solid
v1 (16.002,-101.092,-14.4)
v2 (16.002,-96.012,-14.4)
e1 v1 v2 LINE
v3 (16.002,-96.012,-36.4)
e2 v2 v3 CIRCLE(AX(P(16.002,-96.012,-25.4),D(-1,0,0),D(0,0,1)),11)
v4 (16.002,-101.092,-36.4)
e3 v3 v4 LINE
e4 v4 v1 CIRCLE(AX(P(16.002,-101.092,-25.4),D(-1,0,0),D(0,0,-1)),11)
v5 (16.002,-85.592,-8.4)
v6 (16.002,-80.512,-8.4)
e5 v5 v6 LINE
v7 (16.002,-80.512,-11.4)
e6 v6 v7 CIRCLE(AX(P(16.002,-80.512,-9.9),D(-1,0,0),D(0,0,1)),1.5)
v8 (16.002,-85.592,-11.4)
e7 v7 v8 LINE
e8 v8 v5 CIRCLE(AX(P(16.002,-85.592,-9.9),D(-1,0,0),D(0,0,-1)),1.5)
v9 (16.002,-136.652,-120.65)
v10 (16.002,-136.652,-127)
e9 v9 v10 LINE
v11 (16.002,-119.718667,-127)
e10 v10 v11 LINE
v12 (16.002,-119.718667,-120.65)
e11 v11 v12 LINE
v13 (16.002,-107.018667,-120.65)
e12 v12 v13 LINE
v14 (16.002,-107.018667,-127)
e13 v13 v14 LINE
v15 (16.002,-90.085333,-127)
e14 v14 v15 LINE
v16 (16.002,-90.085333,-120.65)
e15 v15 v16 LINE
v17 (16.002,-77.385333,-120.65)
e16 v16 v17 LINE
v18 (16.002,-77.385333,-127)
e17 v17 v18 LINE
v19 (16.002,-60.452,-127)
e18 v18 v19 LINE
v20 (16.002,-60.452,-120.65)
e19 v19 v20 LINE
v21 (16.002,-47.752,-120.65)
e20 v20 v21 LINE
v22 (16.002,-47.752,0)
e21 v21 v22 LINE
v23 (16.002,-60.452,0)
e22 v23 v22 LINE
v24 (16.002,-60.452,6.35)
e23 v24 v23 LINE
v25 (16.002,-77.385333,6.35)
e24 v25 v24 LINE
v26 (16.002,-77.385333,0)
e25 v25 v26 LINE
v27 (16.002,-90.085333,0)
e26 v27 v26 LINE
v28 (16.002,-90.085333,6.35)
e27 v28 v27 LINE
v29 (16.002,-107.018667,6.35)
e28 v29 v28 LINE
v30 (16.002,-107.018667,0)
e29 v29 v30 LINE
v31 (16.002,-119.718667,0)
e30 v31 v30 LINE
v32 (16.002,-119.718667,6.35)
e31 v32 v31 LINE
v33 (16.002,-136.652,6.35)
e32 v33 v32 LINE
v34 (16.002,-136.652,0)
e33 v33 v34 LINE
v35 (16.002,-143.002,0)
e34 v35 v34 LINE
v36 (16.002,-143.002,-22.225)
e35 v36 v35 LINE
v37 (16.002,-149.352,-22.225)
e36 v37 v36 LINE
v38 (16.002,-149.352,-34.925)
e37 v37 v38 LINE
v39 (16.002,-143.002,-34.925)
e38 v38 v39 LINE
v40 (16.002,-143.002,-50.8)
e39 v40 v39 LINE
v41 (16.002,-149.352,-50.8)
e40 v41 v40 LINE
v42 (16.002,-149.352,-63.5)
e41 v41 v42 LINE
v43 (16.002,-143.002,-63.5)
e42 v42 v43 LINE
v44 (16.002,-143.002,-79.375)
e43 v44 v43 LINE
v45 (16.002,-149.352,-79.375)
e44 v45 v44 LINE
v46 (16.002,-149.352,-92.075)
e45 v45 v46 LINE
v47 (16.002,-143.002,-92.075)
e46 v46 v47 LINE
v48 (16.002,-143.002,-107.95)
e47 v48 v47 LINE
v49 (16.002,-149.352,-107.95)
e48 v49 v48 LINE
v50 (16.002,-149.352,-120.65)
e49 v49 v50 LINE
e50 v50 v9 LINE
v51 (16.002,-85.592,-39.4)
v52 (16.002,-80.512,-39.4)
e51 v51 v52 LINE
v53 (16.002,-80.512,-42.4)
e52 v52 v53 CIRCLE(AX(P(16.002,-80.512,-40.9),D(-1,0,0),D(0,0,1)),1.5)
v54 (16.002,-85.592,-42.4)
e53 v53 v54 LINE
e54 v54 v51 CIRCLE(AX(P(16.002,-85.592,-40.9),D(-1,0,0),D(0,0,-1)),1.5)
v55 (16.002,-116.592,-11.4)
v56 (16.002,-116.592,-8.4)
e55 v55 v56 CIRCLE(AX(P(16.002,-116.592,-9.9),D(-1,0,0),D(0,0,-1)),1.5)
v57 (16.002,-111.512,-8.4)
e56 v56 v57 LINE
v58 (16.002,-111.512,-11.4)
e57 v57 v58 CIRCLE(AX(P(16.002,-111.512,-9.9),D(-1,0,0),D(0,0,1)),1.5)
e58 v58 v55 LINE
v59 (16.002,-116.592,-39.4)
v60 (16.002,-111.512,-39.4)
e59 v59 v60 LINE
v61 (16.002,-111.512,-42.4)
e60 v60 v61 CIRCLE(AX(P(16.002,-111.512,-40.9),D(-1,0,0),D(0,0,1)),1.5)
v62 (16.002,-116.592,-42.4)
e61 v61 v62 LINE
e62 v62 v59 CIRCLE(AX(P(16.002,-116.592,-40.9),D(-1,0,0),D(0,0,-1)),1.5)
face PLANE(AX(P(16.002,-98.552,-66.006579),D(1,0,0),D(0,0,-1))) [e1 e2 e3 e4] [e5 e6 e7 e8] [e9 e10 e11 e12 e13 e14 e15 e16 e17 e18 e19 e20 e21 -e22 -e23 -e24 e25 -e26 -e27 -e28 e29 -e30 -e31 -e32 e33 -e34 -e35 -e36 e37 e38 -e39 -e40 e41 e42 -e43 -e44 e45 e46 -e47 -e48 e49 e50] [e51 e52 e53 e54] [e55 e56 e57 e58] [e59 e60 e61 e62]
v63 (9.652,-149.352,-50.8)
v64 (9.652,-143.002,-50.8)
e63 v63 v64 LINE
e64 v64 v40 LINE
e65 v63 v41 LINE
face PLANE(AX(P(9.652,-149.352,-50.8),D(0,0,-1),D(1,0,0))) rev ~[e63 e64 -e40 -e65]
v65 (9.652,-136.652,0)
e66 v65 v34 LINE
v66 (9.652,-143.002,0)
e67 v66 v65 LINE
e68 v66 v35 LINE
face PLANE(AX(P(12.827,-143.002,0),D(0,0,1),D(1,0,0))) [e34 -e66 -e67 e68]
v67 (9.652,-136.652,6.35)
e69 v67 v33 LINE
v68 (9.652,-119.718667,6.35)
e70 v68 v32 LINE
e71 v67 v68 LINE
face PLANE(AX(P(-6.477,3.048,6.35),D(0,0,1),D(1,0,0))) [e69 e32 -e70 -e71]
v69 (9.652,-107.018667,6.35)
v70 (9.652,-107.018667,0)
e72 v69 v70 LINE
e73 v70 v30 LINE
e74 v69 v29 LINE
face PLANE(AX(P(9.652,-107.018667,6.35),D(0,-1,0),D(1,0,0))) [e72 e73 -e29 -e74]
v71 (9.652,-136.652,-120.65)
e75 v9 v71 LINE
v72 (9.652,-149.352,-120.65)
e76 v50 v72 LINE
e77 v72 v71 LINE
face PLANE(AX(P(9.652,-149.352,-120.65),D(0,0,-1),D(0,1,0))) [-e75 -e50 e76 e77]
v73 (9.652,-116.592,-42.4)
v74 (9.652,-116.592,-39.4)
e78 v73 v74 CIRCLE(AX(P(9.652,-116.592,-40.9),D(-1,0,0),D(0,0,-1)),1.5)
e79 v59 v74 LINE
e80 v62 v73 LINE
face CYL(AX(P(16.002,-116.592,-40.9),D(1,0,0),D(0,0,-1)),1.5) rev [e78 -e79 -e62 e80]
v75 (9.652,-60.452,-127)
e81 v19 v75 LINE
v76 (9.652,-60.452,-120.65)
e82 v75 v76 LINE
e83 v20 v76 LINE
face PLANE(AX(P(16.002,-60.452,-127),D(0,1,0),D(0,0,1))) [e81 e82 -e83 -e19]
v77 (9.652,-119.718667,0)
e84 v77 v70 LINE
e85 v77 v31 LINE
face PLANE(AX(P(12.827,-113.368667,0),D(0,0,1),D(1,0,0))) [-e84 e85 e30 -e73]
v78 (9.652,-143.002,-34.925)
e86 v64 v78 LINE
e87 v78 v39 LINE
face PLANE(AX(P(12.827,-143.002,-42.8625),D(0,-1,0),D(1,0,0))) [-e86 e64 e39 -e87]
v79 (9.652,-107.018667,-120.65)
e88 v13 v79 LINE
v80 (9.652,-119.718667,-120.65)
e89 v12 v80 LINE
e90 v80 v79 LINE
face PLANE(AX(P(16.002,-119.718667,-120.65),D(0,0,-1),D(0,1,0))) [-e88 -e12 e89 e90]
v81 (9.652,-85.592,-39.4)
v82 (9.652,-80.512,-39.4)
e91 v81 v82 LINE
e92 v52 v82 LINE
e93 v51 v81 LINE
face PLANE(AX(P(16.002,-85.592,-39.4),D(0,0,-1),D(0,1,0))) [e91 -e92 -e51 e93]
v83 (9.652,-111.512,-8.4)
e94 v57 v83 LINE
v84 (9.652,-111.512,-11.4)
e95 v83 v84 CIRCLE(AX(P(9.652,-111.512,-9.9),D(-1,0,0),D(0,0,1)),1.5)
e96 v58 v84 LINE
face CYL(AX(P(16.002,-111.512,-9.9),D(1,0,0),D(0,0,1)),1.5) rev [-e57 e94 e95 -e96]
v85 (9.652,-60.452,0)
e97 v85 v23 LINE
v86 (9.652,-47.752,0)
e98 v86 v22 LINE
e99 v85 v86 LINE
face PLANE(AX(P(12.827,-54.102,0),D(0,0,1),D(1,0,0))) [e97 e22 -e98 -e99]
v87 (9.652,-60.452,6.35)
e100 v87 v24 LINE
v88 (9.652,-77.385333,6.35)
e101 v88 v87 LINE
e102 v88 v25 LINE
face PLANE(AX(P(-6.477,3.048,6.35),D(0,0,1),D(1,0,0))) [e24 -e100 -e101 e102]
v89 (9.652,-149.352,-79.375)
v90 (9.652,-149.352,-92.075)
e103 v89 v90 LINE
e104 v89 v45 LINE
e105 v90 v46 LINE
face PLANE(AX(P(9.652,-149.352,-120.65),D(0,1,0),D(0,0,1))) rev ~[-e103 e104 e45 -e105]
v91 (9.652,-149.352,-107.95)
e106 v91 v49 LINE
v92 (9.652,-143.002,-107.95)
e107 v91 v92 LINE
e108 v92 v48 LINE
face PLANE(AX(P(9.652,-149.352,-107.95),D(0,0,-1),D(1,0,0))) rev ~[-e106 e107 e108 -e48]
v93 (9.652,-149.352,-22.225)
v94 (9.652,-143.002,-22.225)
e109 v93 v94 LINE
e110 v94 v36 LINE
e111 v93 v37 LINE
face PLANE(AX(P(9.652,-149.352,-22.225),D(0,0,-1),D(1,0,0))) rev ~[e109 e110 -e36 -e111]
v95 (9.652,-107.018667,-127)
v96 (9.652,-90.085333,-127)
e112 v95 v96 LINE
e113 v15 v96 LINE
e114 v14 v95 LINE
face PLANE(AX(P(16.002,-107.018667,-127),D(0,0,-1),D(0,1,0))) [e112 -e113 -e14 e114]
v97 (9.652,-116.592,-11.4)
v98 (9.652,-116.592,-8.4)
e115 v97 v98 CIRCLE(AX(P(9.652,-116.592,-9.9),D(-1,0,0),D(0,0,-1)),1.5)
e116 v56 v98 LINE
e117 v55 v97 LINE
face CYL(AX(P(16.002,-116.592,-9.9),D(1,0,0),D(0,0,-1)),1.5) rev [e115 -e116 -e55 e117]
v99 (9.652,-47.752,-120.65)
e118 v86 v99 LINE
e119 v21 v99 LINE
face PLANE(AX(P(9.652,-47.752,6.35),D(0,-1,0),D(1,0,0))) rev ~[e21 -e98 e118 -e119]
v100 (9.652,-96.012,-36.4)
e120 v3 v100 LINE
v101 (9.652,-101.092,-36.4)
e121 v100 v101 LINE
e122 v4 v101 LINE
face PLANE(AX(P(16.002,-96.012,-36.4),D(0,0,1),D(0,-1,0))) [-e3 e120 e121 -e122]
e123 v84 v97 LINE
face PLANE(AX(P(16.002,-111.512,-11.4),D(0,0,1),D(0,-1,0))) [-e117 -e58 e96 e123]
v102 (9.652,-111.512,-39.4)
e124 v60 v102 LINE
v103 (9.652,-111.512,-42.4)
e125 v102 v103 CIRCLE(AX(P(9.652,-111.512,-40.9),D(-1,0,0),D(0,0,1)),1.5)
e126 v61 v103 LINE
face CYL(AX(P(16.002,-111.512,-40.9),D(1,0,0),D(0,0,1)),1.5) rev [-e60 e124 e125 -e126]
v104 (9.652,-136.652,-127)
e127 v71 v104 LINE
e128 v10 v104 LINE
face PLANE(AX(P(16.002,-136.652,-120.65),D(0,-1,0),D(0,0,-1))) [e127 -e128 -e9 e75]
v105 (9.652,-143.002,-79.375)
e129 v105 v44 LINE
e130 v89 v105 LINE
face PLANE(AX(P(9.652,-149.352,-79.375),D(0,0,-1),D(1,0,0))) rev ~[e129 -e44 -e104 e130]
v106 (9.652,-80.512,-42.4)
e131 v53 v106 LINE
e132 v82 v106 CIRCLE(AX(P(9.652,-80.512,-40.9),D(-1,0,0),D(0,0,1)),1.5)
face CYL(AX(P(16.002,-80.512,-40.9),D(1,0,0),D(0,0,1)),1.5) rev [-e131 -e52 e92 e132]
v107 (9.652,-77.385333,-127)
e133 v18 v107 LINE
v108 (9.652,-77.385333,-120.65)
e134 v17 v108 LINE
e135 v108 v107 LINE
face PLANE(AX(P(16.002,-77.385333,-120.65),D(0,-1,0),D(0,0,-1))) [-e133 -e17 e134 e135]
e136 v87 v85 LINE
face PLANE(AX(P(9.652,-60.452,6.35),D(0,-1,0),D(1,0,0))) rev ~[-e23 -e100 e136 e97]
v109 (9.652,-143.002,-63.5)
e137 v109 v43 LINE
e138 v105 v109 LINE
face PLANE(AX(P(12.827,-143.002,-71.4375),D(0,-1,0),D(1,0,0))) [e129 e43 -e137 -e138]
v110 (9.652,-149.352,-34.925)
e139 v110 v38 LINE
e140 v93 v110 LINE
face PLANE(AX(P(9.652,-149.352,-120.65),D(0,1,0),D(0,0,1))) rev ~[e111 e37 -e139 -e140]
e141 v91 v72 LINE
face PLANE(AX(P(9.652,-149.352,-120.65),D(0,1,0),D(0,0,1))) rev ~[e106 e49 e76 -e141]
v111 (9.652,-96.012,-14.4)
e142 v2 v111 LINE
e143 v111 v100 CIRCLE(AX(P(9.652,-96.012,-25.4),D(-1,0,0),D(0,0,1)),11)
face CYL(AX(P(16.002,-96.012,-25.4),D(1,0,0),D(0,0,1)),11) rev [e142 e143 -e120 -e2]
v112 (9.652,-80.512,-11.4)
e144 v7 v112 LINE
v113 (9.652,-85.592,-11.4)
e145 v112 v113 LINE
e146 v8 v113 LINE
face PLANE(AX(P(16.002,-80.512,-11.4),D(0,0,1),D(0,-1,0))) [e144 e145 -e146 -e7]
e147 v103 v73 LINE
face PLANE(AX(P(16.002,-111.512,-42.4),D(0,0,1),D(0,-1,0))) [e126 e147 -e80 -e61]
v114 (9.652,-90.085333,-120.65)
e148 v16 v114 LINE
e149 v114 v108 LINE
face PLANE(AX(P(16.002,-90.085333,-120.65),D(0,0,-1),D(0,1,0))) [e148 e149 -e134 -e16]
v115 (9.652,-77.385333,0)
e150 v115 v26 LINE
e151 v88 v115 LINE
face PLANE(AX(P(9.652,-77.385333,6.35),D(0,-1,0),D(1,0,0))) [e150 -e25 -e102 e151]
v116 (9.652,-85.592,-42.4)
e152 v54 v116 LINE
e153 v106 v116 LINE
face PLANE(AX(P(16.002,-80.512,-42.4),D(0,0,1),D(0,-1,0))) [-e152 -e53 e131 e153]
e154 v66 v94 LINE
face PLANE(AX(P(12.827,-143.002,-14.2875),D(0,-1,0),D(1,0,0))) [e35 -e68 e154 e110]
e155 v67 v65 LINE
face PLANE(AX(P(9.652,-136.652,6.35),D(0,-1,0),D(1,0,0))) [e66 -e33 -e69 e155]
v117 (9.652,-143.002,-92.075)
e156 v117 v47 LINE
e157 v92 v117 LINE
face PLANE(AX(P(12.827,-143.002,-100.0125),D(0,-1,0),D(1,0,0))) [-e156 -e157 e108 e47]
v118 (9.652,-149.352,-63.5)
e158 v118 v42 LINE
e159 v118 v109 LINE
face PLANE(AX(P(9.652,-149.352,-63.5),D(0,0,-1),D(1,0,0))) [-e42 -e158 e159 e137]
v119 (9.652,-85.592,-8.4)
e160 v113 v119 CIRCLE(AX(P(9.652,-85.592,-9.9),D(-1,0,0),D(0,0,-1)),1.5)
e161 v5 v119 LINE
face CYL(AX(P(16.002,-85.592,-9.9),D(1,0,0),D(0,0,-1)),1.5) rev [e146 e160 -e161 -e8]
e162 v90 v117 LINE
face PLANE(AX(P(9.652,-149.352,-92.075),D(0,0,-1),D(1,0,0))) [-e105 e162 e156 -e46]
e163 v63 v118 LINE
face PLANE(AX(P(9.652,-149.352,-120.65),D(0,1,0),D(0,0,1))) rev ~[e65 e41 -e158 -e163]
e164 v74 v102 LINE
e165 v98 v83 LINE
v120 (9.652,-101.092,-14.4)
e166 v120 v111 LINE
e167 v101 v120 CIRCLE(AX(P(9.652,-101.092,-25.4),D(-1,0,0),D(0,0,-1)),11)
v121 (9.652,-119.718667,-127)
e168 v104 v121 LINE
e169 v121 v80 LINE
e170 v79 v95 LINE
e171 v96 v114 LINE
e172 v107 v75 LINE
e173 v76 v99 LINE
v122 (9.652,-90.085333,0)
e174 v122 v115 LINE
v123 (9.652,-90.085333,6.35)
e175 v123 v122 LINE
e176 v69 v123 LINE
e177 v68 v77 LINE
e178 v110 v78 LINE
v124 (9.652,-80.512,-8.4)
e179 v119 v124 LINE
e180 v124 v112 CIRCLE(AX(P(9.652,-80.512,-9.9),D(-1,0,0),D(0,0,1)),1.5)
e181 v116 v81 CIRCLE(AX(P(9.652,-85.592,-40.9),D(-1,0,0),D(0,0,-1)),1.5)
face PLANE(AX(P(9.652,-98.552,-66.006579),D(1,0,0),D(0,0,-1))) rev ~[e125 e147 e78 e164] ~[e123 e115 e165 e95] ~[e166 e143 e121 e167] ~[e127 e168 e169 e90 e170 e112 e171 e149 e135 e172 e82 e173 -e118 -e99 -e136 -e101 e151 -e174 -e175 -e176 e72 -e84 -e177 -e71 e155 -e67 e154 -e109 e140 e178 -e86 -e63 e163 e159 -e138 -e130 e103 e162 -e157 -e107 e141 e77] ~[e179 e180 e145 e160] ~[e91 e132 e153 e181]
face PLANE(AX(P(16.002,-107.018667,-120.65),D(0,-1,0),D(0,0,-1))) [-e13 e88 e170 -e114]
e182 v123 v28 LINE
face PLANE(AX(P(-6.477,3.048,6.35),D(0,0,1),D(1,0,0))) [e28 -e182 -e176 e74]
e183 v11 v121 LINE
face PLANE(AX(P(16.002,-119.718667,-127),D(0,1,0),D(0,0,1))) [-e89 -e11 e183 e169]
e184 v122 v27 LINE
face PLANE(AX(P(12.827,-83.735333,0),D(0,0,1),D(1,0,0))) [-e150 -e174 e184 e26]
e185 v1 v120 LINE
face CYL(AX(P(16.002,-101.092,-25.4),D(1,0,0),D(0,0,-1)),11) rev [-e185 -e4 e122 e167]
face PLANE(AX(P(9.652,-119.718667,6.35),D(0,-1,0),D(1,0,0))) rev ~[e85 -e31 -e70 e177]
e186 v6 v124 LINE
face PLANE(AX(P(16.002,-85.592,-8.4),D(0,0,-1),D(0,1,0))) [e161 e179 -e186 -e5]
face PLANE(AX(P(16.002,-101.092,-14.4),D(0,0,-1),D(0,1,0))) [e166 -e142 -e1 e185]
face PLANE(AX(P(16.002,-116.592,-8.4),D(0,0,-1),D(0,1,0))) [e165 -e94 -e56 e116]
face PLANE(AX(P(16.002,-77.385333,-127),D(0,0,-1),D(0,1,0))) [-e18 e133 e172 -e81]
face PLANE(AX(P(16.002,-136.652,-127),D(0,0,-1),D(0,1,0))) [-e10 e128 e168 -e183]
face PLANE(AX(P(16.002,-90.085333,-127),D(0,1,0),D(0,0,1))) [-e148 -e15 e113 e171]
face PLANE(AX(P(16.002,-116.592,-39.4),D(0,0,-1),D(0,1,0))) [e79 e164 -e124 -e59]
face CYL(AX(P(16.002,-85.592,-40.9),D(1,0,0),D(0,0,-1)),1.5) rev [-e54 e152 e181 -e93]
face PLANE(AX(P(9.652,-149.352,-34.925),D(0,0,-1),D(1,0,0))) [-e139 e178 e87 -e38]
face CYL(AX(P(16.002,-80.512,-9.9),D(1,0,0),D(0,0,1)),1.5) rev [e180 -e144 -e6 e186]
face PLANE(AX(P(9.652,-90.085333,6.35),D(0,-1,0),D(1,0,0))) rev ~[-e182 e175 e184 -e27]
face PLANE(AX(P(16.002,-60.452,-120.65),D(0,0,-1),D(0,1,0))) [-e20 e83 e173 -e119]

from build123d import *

# Parameters (mm, degrees)
SKETCH1_W               = 44.958
SKETCH1_H               = 304.8
BOSS_EXTRUDE1_DEPTH     = 6.35
SKETCH2_W               = 6.35
SKETCH2_H               = 101.6
BOSS_EXTRUDE2_DEPTH     = 6.35
SKETCH3_W               = 120.65
SKETCH3_H               = 6.35
BOSS_EXTRUDE3_DEPTH     = 38.608
SKETCH8_W               = 6.35
SKETCH8_H               = 213.451350416
CUT_EXTRUDE4_DEPTH      = 1
CUT_EXTRUDE4_DEPTH_BACK = 134.35
SKETCH6_W               = 6.35
SKETCH6_H               = 12.7
CUT_EXTRUDE5_DEPTH      = 6.35
SKETCH4_3_W             = 6.35
SKETCH4_3_H             = 15.875
SKETCH4_3_H_2           = 6.35
CUT_EXTRUDE6_DEPTH      = 6.35


with BuildPart() as part:
    # Sketch1 → Boss-Extrude1 (new body)
    with BuildSketch(Plane.XY):
        with Locations((-6.477, 3.048)):
            Rectangle(SKETCH1_W, SKETCH1_H)
        with BuildLine():
            Line((-3.302, 133.858), (-3.302, -143.002))
            Line((-3.302, -143.002), (3.302, -143.002))
            Line((3.302, -143.002), (3.302, 143.002))
            Line((3.302, 143.002), (-16.256, 143.002))
            Line((-16.256, 143.002), (-16.256, 136.398))
            Line((-16.256, 136.398), (-5.842, 136.398))
            ThreePointArc((-5.842, 136.398), (-4.045948776, 135.654051224), (-3.302, 133.858))
        make_face(mode=Mode.SUBTRACT)
    extrude(amount=BOSS_EXTRUDE1_DEPTH)

    # Sketch2 → Boss-Extrude2 (add)
    with BuildSketch(Plane(origin=(16.002, 0, 0), x_dir=(0, 0, -1), z_dir=(1, 0, 0))):
        Polygon((120.65, -60.452), (120.65, -47.752), (0, -47.752), (0, -149.352), (120.65, -149.352), (120.65, -136.652), (127, -136.652), (127, -119.718666667), (120.65, -119.718666667), (120.65, -107.018666667), (127, -107.018666667), (127, -90.085333333), (120.65, -90.085333333), (120.65, -77.385333333), (127, -77.385333333), (127, -60.452), align=None)
        with BuildLine():
            ThreePointArc((11.4, -116.592), (9.9, -118.092), (8.4, -116.592))
            Line((8.4, -116.592), (8.4, -111.512))
            ThreePointArc((8.4, -111.512), (9.9, -110.012), (11.4, -111.512))
            Line((11.4, -111.512), (11.4, -116.592))
        make_face(mode=Mode.SUBTRACT)
        with BuildLine():
            Line((42.4, -111.512), (42.4, -116.592))
            ThreePointArc((42.4, -116.592), (40.9, -118.092), (39.4, -116.592))
            Line((39.4, -116.592), (39.4, -111.512))
            ThreePointArc((39.4, -111.512), (40.9, -110.012), (42.4, -111.512))
        make_face(mode=Mode.SUBTRACT)
        with BuildLine():
            ThreePointArc((36.4, -101.092), (25.4, -112.092), (14.4, -101.092))
            Line((14.4, -101.092), (14.4, -96.012))
            ThreePointArc((14.4, -96.012), (25.4, -85.012), (36.4, -96.012))
            Line((36.4, -96.012), (36.4, -101.092))
        make_face(mode=Mode.SUBTRACT)
        with BuildLine():
            ThreePointArc((11.4, -85.592), (9.9, -87.092), (8.4, -85.592))
            Line((8.4, -85.592), (8.4, -80.512))
            ThreePointArc((8.4, -80.512), (9.9, -79.012), (11.4, -80.512))
            Line((11.4, -80.512), (11.4, -85.592))
        make_face(mode=Mode.SUBTRACT)
        with BuildLine():
            ThreePointArc((42.4, -85.592), (40.9, -87.092), (39.4, -85.592))
            Line((39.4, -85.592), (39.4, -80.512))
            ThreePointArc((39.4, -80.512), (40.9, -79.012), (42.4, -80.512))
            Line((42.4, -80.512), (42.4, -85.592))
        make_face(mode=Mode.SUBTRACT)
        with Locations((-3.175, -98.552)):
            Rectangle(SKETCH2_W, SKETCH2_H)
    extrude(amount=-BOSS_EXTRUDE2_DEPTH)

    # Sketch3 → Boss-Extrude3 (add)
    with BuildSketch(Plane.ZY.offset(-9.652)):
        with Locations((-60.325, -146.177)):
            Rectangle(SKETCH3_W, SKETCH3_H)
    extrude(amount=BOSS_EXTRUDE3_DEPTH)

    # Sketch8 → Cut-Extrude4 (cut, two sides)
    with BuildSketch(Plane.XY.offset(6.35)) as cut_extrude4_sk:
        Polygon((-28.956, -149.352), (9.652, -149.352), (9.652, -47.752), (9.652, 155.448), (-28.956, 155.448), align=None)
        with BuildLine():
            Line((-16.256, 136.398), (-16.256, 143.002))
            Line((-16.256, 143.002), (3.302, 143.002))
            Line((3.302, 143.002), (3.302, -143.002))
            Line((3.302, -143.002), (-3.302, -143.002))
            Line((-3.302, -143.002), (-3.302, 133.858))
            ThreePointArc((-3.302, 133.858), (-4.045948776, 135.654051224), (-5.842, 136.398))
            Line((-5.842, 136.398), (-16.256, 136.398))
        make_face(mode=Mode.SUBTRACT)
        Polygon((-54.223542679, -149.352), (-28.956, -149.352), (-28.956, 155.448), (9.652, 155.448), (9.652, 165.699350416), (-54.223542679, 165.699350416), align=None)
        with Locations((12.827, 58.973675208)):
            Rectangle(SKETCH8_W, SKETCH8_H)
    extrude(amount=CUT_EXTRUDE4_DEPTH, mode=Mode.SUBTRACT)
    extrude(cut_extrude4_sk.sketch, amount=-CUT_EXTRUDE4_DEPTH_BACK, mode=Mode.SUBTRACT)

    # Sketch6 → Cut-Extrude5 (cut)
    with BuildSketch(Plane.XY.offset(6.35)):
        with Locations((12.827, -54.102)):
            Rectangle(SKETCH6_W, SKETCH6_H)
        with Locations((12.827, -83.735333333)):
            Rectangle(SKETCH6_W, SKETCH6_H)
        with Locations((12.827, -113.368666667)):
            Rectangle(SKETCH6_W, SKETCH6_H)
        with Locations((12.827, -143.002)):
            Rectangle(SKETCH6_W, SKETCH6_H)
    extrude(amount=-CUT_EXTRUDE5_DEPTH, mode=Mode.SUBTRACT)

    # Sketch4<3> → Cut-Extrude6 (cut)
    with BuildSketch(Plane.XZ.offset(149.352)):
        with Locations((12.827, -100.0125)):
            Rectangle(SKETCH4_3_W, SKETCH4_3_H)
        with Locations((12.827, -71.4375)):
            Rectangle(SKETCH4_3_W, SKETCH4_3_H)
        with Locations((12.827, -42.8625)):
            Rectangle(SKETCH4_3_W, SKETCH4_3_H)
        with Locations((12.827, -14.2875)):
            Rectangle(SKETCH4_3_W, SKETCH4_3_H)
        with Locations((12.827, 3.175)):
            Rectangle(SKETCH4_3_W, SKETCH4_3_H_2)
        with Locations((12.827, -3.175)):
            Rectangle(SKETCH4_3_W, SKETCH4_3_H_2)
    extrude(amount=-CUT_EXTRUDE6_DEPTH, mode=Mode.SUBTRACT)


solid = part.part
